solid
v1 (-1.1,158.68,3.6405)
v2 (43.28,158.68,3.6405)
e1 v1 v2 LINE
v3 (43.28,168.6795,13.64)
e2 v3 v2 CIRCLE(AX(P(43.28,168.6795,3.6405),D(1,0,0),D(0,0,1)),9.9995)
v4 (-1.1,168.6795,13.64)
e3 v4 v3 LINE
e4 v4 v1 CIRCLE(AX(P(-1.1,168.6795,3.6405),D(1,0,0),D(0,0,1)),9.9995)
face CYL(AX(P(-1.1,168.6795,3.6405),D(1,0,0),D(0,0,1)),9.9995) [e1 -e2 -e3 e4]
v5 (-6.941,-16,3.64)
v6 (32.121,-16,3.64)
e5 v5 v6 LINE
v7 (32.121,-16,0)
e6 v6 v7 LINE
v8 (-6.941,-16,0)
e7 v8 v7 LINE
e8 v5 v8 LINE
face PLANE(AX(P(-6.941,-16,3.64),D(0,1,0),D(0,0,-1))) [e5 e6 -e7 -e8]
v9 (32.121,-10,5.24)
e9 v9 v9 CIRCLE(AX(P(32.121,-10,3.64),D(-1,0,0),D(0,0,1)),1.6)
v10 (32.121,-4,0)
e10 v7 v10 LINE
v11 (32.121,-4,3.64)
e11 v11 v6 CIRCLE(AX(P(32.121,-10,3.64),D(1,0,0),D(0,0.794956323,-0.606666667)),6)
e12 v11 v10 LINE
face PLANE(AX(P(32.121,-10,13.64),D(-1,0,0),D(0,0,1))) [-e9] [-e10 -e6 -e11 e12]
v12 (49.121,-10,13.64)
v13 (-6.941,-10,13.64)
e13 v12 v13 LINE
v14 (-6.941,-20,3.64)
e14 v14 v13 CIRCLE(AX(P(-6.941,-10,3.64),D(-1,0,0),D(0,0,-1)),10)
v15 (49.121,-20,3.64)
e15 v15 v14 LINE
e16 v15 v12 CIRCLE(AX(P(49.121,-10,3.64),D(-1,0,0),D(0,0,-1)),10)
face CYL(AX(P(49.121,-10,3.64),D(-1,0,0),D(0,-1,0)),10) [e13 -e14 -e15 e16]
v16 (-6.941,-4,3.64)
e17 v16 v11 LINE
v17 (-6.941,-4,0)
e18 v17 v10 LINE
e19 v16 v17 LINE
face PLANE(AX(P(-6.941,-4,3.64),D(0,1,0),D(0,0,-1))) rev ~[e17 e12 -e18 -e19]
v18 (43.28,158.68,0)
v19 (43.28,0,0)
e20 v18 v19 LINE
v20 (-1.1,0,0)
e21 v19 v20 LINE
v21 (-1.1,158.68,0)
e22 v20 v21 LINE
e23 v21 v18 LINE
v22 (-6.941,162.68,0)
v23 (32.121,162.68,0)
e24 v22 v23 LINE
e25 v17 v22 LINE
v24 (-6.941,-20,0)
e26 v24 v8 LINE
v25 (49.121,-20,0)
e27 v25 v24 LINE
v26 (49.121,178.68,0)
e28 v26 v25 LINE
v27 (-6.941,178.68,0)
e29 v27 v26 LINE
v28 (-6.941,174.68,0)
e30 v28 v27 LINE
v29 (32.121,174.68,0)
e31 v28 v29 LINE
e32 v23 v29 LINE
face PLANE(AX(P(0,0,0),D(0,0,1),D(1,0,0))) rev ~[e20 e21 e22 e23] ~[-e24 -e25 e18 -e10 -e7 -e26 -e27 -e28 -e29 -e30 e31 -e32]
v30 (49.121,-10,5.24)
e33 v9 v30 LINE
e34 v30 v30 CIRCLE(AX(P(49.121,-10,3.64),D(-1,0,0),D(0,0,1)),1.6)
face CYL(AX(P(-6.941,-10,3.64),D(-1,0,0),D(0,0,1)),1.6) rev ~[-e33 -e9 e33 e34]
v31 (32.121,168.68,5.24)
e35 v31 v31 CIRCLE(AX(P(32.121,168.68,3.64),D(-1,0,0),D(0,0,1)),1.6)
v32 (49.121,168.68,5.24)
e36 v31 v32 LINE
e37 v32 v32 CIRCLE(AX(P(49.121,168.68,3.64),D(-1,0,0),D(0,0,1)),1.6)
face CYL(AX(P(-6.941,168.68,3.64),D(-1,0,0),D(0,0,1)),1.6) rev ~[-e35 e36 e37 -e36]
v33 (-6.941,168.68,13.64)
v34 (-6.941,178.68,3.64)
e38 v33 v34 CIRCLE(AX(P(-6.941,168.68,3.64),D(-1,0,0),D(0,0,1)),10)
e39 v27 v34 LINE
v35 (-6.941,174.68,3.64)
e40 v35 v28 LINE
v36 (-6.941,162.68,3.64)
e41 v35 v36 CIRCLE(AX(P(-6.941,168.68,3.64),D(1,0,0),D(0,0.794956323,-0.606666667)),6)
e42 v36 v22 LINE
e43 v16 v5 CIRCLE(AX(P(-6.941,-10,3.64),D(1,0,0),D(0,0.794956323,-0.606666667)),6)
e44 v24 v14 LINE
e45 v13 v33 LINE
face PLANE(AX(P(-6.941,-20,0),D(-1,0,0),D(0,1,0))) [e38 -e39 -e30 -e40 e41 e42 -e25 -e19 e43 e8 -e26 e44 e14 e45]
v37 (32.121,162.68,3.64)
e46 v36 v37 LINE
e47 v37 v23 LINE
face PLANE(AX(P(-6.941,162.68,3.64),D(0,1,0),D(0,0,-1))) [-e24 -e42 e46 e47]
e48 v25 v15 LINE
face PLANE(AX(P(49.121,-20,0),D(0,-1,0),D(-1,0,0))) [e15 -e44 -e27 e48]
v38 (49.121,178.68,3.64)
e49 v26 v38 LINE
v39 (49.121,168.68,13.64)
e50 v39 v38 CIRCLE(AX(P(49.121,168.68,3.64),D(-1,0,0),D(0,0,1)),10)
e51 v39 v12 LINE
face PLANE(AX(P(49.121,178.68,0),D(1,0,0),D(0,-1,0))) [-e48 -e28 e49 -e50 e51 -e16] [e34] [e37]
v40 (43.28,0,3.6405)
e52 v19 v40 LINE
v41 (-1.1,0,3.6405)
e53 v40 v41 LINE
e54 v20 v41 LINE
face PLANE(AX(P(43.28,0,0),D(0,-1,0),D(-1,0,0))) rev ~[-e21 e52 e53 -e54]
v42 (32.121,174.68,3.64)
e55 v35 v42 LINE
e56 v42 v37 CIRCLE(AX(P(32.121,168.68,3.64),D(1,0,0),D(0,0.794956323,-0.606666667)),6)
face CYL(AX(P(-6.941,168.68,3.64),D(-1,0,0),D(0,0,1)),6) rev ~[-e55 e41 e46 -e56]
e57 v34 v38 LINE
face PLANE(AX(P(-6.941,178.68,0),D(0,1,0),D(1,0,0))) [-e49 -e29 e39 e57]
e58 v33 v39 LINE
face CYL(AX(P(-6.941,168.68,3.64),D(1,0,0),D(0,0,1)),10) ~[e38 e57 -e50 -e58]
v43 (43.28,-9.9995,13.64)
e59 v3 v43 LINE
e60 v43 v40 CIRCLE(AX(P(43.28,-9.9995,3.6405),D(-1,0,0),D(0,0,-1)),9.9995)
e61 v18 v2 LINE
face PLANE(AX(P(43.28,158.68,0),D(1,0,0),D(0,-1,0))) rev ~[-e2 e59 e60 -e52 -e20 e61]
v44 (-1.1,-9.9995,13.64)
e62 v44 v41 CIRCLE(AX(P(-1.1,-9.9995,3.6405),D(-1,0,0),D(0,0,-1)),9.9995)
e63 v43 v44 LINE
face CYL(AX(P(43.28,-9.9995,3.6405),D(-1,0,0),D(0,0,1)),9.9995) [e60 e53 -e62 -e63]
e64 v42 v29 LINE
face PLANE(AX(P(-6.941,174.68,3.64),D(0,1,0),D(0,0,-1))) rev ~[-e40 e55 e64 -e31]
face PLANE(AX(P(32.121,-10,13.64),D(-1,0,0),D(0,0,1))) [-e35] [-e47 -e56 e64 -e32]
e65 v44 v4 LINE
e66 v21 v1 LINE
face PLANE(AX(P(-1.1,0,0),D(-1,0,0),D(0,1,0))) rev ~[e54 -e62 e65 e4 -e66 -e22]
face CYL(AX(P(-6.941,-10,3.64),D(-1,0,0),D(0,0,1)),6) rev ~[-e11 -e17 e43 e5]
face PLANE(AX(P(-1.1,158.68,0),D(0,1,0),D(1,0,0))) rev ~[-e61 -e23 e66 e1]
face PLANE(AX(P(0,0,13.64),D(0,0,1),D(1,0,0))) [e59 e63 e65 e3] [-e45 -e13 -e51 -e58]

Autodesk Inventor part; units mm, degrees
ref_plane "YZ Plane" through (0, 0, 0) normal (1, 0, 0) x (0, 1, 0)
ref_plane "XZ Plane" through (0, 0, 0) normal (0, 1, 0) x (-1, 0, 0)
ref_plane "XY Plane" through (0, 0, 0) normal (0, 0, 1) x (1, 0, 0)
sketch "スケッチ1" plane through (0, 0, 0) normal (0, 0, 1) x (1, 0, 0)
  line L0 (-1.1, 1.1) -> (-1.1, 157.58) construction
  line L1 (42.18, 0) -> (0, 0) construction
  line L2 (43.28, 157.58) -> (43.28, 1.1) construction
  line L3 (0, 158.68) -> (42.18, 158.68) construction
  line L4 (43.28, 0) -> (-1.1, 0)
  line L5 (-1.1, 0) -> (-1.1, 158.68)
  line L6 (-1.1, 158.68) -> (43.28, 158.68)
  line L7 (43.28, 158.68) -> (43.28, 0)
  line L8 (49.121, 378.1158) -> (49.121, -108.9393) construction
  line L9 (49.121, -20) -> (-6.941, -20)
  line L10 (-6.941, -20) -> (-6.941, 178.68)
  line L11 (-6.941, 178.68) -> (49.121, 178.68)
  line L12 (49.121, 178.68) -> (49.121, -20)
  dimension "d0" = 20
  dimension "d1" = 20
  dimension "d2" = 5.841
  dimension "d15" = 5.841
extrude "押し出し1" add sketch "スケッチ1" along normal blind 13.64
sketch "スケッチ2" plane through (-6.941, -20, 0) normal (-1, 0, 0) x (0, 0, 1)
  circle A0 centre (3.64, 10) radius 1.6 projected
  circle A1 centre (3.64, 188.68) radius 1.6 projected
  point P0 (0, 20)
extrude "押し出し2" cut sketch "スケッチ2" against normal through all
fillet "フィレット1" radius 10 2 edges at (21.09, 178.68, 13.64) (21.09, -20, 13.64)
sketch "スケッチ3" plane through (-6.941, -20, 0) normal (-1, 0, 0) x (0, 0, 1)
  circle A0 centre (3.64, 188.68) radius 1.6 construction
  circle A1 centre (3.64, 10) radius 1.6 construction
  circle A2 centre (3.64, 188.68) radius 1.6 projected
  circle A3 centre (3.64, 188.68) radius 6
  circle A4 centre (3.64, 10) radius 6
  point P0 (0, 20)
  dimension "d8" = 12
extrude "押し出し3" cut sketch "スケッチ3" against normal blind 39.062
fillet "フィレット2" [suppressed]
fillet "フィレット3" radius 10 2 edges at (21.09, 0, 13.64) (21.09, 158.68, 13.64)
sketch "スケッチ4" plane through (-6.941, -10, 13.64) normal (-1, 0, 0) x (0, 0, 1)
  line L0 (-13.64, -4.7697) -> (-13.64, -10) projected
  line L1 (-13.64, 173.9103) -> (-13.64, 4.7697) projected
  arc A0 (-13.64, -4.7697) -> (-13.64, 4.7697) centre (-10, 0) ccw projected
  line L2 (-13.64, 188.68) -> (-13.64, 183.4497) projected
  arc A1 (-13.64, 173.9103) -> (-13.64, 183.4497) centre (-10, 178.68) ccw projected
  line L3 (-10, -6) -> (-13.64, -6)
  line L4 (-10, 6) -> (-13.64, 6)
  line L5 (-10, 172.68) -> (-13.64, 172.68)
  line L6 (-10, 184.68) -> (-13.64, 184.68)
  point P0 (-13.64, 10)
extrude "押し出し4" cut sketch "スケッチ4" against normal up to surface (39.062 mm away)
equation "\"d1\" = d0"
equation "\"d2\" = d15"
properties part number "io_fix"
